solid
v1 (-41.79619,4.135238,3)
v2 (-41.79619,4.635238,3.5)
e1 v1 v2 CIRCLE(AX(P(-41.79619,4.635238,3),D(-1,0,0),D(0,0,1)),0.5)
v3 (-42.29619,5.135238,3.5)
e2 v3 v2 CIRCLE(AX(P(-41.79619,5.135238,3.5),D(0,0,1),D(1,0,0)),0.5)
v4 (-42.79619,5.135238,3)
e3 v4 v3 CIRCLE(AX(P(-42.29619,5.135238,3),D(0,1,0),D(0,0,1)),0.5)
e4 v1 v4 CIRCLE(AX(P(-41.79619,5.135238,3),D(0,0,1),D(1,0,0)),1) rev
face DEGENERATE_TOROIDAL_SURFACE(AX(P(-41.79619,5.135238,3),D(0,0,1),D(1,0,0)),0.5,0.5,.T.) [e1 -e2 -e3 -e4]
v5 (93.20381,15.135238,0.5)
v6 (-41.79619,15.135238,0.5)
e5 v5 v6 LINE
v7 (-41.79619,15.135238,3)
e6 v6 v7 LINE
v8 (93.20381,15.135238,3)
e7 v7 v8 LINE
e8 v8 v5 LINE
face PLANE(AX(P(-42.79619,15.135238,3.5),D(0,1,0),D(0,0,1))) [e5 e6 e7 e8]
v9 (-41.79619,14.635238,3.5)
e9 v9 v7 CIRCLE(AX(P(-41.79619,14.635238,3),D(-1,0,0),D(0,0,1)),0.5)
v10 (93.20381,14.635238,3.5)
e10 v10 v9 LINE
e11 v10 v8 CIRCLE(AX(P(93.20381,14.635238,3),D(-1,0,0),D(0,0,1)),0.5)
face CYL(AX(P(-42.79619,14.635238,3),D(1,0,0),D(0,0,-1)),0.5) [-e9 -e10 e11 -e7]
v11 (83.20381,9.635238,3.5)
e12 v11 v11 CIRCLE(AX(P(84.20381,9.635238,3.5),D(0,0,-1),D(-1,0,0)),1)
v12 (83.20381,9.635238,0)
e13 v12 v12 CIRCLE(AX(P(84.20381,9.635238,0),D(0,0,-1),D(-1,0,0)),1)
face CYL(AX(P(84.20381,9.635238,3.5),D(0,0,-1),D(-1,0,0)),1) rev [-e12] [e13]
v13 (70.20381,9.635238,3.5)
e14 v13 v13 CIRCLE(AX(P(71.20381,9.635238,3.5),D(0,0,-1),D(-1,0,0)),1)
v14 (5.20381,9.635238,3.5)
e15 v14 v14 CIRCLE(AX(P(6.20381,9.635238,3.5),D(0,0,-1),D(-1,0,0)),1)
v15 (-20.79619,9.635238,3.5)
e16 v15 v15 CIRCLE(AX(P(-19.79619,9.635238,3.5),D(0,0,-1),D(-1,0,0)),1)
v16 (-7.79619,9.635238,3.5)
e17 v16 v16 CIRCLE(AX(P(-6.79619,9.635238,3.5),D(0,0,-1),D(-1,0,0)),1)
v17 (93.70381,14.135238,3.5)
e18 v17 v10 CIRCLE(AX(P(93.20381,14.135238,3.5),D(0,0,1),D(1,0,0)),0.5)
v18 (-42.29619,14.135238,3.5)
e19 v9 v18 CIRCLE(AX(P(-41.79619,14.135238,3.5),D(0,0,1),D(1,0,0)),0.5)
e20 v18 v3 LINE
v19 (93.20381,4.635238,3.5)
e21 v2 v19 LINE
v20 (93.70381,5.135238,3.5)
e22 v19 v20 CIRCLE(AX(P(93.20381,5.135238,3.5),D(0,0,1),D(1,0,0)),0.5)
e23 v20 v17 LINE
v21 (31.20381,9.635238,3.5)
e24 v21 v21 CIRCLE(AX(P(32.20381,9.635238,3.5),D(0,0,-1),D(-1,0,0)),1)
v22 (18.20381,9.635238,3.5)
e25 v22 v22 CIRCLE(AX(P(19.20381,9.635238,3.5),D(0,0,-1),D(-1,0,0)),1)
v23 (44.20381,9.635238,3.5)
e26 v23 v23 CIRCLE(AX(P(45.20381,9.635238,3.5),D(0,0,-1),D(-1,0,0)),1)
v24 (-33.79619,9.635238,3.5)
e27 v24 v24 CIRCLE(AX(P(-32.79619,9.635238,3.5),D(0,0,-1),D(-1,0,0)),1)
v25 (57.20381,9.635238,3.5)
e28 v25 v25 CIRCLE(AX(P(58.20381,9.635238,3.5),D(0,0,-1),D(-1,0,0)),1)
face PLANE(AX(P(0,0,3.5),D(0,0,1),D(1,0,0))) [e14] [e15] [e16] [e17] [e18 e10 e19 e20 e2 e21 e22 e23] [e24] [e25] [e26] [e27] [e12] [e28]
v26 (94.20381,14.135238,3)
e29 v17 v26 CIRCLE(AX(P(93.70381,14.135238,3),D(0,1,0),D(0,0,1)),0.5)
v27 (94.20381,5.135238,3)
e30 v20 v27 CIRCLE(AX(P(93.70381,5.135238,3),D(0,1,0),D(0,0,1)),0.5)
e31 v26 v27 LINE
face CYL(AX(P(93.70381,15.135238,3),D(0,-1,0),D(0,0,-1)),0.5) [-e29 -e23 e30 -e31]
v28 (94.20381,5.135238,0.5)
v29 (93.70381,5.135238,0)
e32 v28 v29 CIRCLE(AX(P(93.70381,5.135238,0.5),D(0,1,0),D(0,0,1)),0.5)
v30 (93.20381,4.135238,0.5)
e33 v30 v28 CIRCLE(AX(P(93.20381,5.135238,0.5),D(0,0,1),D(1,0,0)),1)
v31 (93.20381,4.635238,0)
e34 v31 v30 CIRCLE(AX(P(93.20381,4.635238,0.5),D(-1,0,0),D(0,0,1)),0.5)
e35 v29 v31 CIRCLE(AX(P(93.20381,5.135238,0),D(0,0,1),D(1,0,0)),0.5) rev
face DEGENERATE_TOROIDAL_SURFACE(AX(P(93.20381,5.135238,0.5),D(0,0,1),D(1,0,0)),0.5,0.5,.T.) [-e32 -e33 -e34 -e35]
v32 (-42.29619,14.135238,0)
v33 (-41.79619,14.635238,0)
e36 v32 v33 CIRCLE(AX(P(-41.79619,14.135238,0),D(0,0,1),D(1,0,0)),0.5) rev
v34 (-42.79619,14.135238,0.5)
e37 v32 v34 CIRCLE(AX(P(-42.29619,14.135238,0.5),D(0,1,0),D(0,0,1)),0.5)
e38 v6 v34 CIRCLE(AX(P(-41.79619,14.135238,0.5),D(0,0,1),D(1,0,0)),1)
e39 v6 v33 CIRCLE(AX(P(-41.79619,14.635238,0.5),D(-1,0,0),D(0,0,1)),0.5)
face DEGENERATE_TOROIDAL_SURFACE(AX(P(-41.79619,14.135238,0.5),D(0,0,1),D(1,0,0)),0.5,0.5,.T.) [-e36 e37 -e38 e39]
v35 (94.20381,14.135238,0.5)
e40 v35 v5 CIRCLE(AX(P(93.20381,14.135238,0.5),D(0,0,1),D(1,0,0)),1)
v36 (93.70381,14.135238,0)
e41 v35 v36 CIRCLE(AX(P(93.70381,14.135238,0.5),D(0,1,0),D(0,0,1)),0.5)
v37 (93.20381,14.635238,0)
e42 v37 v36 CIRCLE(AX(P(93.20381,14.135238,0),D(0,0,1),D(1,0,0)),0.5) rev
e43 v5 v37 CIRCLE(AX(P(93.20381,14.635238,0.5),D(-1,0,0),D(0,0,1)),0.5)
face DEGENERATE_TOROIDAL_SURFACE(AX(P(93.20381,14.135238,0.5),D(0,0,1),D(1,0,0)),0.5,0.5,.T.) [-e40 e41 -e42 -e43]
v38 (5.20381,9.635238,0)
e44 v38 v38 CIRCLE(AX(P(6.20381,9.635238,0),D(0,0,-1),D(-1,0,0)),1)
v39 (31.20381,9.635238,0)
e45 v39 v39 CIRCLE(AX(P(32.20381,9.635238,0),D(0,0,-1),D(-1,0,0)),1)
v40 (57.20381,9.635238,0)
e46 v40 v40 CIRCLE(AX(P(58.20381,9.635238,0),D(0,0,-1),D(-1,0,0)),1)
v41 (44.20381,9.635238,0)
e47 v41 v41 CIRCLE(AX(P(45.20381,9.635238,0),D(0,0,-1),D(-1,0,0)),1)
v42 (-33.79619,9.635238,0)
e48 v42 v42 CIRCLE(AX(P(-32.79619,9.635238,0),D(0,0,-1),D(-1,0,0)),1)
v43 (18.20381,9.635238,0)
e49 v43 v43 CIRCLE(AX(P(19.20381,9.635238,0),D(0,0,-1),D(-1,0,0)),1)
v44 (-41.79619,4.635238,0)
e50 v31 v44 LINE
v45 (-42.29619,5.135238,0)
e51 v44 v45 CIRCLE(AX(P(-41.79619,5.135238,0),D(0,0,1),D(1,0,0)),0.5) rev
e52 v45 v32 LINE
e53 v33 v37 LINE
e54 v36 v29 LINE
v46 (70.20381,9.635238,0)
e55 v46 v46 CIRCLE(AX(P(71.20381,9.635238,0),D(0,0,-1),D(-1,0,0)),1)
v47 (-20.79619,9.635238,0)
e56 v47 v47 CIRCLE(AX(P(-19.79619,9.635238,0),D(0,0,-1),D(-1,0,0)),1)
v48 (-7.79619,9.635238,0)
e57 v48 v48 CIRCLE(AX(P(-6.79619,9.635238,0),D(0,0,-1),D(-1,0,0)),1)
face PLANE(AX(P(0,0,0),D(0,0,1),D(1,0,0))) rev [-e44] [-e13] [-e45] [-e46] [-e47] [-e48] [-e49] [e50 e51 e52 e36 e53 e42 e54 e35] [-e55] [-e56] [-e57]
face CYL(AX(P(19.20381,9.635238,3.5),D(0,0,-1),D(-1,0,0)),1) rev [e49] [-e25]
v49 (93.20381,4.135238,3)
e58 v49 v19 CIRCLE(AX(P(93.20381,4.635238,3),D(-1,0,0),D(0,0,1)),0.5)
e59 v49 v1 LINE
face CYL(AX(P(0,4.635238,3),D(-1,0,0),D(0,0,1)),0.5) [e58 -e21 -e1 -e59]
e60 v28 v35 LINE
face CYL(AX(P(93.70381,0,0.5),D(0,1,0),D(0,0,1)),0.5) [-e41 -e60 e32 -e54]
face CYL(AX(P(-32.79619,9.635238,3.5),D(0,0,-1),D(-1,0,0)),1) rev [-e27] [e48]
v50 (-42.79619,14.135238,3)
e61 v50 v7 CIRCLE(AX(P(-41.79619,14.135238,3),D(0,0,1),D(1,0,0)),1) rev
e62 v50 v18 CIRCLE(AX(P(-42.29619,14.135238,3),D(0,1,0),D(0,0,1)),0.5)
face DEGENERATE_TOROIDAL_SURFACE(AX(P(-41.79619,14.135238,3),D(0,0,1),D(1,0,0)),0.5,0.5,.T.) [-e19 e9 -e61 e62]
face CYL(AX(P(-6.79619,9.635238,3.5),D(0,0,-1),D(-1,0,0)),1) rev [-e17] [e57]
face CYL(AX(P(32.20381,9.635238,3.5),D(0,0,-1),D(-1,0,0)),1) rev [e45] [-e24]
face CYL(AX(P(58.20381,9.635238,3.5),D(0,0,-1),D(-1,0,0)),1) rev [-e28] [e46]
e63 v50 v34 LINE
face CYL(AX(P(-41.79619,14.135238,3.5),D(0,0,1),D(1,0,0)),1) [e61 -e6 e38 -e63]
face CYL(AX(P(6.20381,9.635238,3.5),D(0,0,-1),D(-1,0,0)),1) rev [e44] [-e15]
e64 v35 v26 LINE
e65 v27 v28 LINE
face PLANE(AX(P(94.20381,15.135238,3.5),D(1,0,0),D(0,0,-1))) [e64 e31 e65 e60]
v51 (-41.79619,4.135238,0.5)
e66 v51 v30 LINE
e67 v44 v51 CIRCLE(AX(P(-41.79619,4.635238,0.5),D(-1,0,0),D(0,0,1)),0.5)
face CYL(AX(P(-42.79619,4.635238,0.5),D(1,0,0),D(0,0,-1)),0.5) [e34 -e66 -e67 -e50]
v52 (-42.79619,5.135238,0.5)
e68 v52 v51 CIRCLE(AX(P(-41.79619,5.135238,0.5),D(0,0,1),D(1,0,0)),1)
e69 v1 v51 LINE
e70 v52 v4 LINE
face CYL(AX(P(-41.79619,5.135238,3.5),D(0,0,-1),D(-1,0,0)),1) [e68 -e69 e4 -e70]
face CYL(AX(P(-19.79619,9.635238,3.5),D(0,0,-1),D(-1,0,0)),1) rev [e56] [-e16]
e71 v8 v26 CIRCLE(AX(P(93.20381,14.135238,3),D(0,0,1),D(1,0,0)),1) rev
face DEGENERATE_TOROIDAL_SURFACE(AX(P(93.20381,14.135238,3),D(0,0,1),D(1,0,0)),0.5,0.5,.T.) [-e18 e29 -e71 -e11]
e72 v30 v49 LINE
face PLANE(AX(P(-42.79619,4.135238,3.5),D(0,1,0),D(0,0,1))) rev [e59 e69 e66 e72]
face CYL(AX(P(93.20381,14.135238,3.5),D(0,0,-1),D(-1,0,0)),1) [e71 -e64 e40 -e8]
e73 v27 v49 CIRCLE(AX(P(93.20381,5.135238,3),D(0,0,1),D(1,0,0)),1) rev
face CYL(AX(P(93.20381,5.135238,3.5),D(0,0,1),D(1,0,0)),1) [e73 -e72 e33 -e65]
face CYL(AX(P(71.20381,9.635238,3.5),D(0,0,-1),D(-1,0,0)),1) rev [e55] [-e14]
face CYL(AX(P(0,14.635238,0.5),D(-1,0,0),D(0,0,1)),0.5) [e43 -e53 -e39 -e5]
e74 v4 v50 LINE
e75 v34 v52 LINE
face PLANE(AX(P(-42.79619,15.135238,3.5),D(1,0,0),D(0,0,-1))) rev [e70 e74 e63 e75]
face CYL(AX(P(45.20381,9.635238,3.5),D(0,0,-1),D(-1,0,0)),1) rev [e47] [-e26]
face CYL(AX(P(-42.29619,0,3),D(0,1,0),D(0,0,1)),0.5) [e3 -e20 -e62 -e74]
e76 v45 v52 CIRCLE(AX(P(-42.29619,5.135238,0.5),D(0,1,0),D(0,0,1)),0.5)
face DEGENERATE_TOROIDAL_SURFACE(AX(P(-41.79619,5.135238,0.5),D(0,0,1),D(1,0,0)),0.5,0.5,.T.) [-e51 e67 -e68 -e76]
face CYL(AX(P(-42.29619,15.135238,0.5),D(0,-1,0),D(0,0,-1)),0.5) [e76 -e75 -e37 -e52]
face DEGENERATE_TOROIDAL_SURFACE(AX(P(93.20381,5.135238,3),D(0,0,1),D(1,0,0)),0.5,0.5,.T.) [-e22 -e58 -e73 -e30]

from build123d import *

# Parameters (mm, degrees)
SKETCH1_W           = 137
SKETCH1_H           = 11
BOSS_EXTRUDE1_DEPTH = 3.5
SKETCH2_R           = 1
CUT_EXTRUDE1_DEPTH  = 3.5
FILLET1_R           = 1
FILLET2_R           = 0.5


with BuildPart() as part:
    # Sketch1 → Boss-Extrude1 (new body)
    with BuildSketch(Plane.XY):
        with Locations((25.703809524, 9.635238095)):
            Rectangle(SKETCH1_W, SKETCH1_H)
    extrude(amount=BOSS_EXTRUDE1_DEPTH)

    # Sketch2 → Cut-Extrude1 (cut)
    with BuildSketch(Plane(origin=(0, 0, 0), x_dir=(-1, 0, 0), z_dir=(0, 0, -1))):
        with Locations((-84.203809524, 9.635238095)):
            Circle(SKETCH2_R)
        with Locations((-71.203809524, 9.635238095)):
            Circle(SKETCH2_R)
        with Locations((-58.203809524, 9.635238095)):
            Circle(SKETCH2_R)
        with Locations((-45.203809524, 9.635238095)):
            Circle(SKETCH2_R)
        with Locations((-32.203809524, 9.635238095)):
            Circle(SKETCH2_R)
        with Locations((-19.203809524, 9.635238095)):
            Circle(SKETCH2_R)
        with Locations((-6.203809524, 9.635238095)):
            Circle(SKETCH2_R)
        with Locations((6.796190476, 9.635238095)):
            Circle(SKETCH2_R)
        with Locations((19.796190476, 9.635238095)):
            Circle(SKETCH2_R)
        with Locations((32.796190476, 9.635238095)):
            Circle(SKETCH2_R)
    extrude(amount=-CUT_EXTRUDE1_DEPTH, mode=Mode.SUBTRACT)

    # Fillet1
    fillet1_edges = [part.edges().sort_by_distance(p)[0] for p in [
        (-42.796190476, 15.135238095, 1.75),
        (94.203809524, 15.135238095, 1.75),
        (94.203809524, 4.135238095, 1.75),
        (-42.796190476, 4.135238095, 1.75),
    ]]
    fillet(fillet1_edges, radius=FILLET1_R)

    # Fillet2
    fillet2_edges = [part.edges().sort_by_distance(p)[0] for p in [
        (25.703809524, 4.135238095, 0),
        (25.703809524, 4.135238095, 3.5),
        (-42.796190476, 9.635238095, 0),
        (25.703809524, 15.135238095, 0),
        (94.203809524, 9.635238095, 0),
        (93.910916305, 14.842344876, 0),
        (93.910916305, 4.428131314, 0),
        (-42.503297257, 14.842344876, 0),
        (-42.503297257, 4.428131314, 0),
        (-42.796190476, 9.635238095, 3.5),
        (94.203809524, 9.635238095, 3.5),
        (25.703809524, 15.135238095, 3.5),
        (93.910916305, 14.842344876, 3.5),
        (93.910916305, 4.428131314, 3.5),
        (-42.503297257, 14.842344876, 3.5),
        (-42.503297257, 4.428131314, 3.5),
    ]]
    fillet(fillet2_edges, radius=FILLET2_R)


solid = part.part
